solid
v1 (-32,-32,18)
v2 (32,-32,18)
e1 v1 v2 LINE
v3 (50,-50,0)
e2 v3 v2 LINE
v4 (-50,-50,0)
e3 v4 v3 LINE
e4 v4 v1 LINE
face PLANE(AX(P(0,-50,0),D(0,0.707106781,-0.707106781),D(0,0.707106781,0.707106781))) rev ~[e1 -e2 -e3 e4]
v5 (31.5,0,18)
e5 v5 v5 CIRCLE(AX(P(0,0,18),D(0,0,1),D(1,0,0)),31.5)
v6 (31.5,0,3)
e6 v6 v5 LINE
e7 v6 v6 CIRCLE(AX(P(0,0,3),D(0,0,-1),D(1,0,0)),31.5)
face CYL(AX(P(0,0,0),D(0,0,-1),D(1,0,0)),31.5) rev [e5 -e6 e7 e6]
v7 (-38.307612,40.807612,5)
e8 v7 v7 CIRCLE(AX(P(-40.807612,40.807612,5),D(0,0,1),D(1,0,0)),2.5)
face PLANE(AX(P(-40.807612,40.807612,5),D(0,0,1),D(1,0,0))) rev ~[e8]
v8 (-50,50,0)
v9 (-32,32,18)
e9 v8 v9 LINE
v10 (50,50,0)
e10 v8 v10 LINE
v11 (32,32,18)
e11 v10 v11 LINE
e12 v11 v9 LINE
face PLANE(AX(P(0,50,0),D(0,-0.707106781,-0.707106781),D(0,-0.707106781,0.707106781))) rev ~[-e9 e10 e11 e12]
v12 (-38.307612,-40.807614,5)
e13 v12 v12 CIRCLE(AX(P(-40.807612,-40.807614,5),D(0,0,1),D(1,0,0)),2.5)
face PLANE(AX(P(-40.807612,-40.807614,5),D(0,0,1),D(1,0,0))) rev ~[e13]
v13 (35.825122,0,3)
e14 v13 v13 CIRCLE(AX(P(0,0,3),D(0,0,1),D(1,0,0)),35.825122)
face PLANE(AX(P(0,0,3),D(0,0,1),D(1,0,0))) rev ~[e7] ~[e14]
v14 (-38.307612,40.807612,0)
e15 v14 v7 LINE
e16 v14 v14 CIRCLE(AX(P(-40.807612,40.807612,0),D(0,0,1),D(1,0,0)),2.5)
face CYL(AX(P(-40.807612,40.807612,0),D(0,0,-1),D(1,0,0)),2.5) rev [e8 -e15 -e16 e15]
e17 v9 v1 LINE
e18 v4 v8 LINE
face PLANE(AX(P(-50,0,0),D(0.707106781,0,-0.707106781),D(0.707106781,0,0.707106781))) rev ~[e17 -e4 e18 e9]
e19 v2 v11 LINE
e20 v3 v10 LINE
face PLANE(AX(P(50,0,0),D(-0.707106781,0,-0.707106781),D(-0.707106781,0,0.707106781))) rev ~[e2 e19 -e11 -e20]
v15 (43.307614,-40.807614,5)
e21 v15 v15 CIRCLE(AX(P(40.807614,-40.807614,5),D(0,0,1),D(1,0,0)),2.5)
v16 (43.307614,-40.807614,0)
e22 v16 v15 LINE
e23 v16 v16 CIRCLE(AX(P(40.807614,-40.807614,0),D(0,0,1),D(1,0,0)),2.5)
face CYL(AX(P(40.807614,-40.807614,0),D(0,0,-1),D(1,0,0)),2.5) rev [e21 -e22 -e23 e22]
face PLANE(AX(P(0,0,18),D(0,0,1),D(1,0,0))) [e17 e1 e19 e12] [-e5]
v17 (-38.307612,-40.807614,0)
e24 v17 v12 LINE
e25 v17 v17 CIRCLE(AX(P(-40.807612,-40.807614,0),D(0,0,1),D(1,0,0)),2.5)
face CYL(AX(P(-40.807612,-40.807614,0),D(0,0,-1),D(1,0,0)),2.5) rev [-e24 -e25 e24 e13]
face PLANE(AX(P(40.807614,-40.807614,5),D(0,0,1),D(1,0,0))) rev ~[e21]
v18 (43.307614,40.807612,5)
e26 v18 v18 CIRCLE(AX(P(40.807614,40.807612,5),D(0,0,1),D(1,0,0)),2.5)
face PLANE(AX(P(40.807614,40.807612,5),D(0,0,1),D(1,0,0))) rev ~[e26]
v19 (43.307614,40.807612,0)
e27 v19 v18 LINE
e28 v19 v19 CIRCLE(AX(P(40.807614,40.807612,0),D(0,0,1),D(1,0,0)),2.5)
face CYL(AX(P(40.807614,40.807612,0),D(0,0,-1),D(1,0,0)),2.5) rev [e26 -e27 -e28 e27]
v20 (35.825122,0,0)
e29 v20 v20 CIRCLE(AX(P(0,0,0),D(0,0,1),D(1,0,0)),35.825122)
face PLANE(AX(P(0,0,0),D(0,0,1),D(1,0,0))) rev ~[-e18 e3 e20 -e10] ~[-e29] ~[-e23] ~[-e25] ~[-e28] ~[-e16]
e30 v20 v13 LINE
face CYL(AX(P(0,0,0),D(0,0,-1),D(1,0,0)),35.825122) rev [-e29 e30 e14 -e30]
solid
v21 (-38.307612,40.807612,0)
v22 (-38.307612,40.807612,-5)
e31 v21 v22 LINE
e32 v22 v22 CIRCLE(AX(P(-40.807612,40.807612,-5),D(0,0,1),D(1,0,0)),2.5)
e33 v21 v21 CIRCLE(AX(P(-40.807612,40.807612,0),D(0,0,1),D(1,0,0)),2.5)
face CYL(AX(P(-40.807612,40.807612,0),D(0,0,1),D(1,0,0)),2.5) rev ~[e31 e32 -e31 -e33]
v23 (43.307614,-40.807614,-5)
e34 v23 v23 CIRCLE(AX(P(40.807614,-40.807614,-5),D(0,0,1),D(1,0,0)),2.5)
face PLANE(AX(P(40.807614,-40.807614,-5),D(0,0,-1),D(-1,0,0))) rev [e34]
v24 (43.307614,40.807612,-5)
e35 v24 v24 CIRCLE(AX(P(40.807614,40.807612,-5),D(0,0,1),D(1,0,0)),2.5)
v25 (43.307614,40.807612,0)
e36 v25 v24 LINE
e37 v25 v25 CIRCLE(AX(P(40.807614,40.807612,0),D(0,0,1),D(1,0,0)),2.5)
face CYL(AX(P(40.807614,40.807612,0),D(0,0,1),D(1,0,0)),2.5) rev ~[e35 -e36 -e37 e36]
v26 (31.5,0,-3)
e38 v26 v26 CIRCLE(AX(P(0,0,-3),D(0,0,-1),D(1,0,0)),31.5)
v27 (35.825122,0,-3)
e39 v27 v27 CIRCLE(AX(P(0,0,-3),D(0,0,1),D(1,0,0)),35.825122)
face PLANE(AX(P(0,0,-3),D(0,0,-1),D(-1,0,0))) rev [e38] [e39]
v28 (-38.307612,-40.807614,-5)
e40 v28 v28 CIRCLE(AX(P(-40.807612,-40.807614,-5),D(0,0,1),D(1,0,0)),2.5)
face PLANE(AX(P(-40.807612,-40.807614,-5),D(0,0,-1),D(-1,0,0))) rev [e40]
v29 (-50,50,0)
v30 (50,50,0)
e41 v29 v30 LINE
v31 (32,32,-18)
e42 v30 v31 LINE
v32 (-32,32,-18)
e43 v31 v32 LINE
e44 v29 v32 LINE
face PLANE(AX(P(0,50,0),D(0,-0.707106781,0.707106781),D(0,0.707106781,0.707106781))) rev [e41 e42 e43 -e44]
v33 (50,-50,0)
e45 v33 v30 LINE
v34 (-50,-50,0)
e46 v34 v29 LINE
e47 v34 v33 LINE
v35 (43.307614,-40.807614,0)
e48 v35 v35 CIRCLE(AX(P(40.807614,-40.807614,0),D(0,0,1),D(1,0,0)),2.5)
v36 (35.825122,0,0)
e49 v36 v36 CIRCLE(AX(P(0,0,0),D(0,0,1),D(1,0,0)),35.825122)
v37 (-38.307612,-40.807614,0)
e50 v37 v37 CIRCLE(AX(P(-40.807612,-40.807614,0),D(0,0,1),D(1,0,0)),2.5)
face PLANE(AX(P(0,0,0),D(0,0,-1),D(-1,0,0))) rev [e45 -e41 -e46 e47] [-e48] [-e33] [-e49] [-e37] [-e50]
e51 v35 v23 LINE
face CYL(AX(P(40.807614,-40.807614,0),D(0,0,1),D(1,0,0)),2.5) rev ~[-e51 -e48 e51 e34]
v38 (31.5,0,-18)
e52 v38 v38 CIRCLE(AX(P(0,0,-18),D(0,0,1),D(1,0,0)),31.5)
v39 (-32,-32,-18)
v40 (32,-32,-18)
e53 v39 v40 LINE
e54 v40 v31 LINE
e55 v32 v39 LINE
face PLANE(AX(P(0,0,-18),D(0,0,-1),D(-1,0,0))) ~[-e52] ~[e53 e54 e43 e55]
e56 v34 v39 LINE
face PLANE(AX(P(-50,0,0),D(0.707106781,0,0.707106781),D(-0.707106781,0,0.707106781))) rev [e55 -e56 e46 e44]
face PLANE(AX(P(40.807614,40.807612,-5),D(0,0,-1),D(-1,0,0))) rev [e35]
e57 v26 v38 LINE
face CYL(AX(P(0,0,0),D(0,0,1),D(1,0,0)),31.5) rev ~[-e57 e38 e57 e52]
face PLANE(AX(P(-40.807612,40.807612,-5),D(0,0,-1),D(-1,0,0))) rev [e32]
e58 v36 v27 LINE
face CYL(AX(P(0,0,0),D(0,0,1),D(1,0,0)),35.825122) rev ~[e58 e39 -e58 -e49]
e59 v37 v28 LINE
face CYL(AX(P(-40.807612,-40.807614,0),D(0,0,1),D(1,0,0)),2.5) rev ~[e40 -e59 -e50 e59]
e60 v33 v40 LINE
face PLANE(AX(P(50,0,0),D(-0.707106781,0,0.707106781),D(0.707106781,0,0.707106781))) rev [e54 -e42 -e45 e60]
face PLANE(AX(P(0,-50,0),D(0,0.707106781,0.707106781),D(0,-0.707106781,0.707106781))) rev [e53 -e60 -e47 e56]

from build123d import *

# Parameters (mm, degrees)
F0_W     = 100
F0_H     = 100
F1_DEPTH = 18
F1_TAPER = 45
F2_R     = 31.5
F3_DEPTH = 18
F4_R     = 35.825122357
F5_DEPTH = 3
F6_R     = 2.5
F7_DEPTH = 5


with BuildPart() as f1:
    # F0 (on Top) → F1 (new body)
    with BuildSketch(Plane.XY):
        Rectangle(F0_W, F0_H)
    extrude(amount=F1_DEPTH, taper=F1_TAPER)

    # F2 (on Top) → F3 (cut)
    with BuildSketch(Plane.XY):
        Circle(F2_R)
    extrude(amount=F3_DEPTH, mode=Mode.SUBTRACT)

    # F4 (on Top) → F5 (cut)
    with BuildSketch(Plane.XY):
        Circle(F4_R)
    extrude(amount=F5_DEPTH, mode=Mode.SUBTRACT)

    # F6 (on Top) → F7 (cut)
    with BuildSketch(Plane.XY):
        with Locations((-40.8076118446, 40.8076118446)):
            Circle(F6_R)
        with Locations((-40.8076118446, -40.8076141554)):
            Circle(F6_R)
        with Locations((40.8076141554, 40.8076118446)):
            Circle(F6_R)
        with Locations((40.8076141554, -40.8076141554)):
            Circle(F6_R)
    extrude(amount=F7_DEPTH, mode=Mode.SUBTRACT)


with BuildPart() as f8_1:
    # F8: instance of F1
    add(f1.part.mirror(Plane.XY))


solid = Compound([f1.part, f8_1.part])
